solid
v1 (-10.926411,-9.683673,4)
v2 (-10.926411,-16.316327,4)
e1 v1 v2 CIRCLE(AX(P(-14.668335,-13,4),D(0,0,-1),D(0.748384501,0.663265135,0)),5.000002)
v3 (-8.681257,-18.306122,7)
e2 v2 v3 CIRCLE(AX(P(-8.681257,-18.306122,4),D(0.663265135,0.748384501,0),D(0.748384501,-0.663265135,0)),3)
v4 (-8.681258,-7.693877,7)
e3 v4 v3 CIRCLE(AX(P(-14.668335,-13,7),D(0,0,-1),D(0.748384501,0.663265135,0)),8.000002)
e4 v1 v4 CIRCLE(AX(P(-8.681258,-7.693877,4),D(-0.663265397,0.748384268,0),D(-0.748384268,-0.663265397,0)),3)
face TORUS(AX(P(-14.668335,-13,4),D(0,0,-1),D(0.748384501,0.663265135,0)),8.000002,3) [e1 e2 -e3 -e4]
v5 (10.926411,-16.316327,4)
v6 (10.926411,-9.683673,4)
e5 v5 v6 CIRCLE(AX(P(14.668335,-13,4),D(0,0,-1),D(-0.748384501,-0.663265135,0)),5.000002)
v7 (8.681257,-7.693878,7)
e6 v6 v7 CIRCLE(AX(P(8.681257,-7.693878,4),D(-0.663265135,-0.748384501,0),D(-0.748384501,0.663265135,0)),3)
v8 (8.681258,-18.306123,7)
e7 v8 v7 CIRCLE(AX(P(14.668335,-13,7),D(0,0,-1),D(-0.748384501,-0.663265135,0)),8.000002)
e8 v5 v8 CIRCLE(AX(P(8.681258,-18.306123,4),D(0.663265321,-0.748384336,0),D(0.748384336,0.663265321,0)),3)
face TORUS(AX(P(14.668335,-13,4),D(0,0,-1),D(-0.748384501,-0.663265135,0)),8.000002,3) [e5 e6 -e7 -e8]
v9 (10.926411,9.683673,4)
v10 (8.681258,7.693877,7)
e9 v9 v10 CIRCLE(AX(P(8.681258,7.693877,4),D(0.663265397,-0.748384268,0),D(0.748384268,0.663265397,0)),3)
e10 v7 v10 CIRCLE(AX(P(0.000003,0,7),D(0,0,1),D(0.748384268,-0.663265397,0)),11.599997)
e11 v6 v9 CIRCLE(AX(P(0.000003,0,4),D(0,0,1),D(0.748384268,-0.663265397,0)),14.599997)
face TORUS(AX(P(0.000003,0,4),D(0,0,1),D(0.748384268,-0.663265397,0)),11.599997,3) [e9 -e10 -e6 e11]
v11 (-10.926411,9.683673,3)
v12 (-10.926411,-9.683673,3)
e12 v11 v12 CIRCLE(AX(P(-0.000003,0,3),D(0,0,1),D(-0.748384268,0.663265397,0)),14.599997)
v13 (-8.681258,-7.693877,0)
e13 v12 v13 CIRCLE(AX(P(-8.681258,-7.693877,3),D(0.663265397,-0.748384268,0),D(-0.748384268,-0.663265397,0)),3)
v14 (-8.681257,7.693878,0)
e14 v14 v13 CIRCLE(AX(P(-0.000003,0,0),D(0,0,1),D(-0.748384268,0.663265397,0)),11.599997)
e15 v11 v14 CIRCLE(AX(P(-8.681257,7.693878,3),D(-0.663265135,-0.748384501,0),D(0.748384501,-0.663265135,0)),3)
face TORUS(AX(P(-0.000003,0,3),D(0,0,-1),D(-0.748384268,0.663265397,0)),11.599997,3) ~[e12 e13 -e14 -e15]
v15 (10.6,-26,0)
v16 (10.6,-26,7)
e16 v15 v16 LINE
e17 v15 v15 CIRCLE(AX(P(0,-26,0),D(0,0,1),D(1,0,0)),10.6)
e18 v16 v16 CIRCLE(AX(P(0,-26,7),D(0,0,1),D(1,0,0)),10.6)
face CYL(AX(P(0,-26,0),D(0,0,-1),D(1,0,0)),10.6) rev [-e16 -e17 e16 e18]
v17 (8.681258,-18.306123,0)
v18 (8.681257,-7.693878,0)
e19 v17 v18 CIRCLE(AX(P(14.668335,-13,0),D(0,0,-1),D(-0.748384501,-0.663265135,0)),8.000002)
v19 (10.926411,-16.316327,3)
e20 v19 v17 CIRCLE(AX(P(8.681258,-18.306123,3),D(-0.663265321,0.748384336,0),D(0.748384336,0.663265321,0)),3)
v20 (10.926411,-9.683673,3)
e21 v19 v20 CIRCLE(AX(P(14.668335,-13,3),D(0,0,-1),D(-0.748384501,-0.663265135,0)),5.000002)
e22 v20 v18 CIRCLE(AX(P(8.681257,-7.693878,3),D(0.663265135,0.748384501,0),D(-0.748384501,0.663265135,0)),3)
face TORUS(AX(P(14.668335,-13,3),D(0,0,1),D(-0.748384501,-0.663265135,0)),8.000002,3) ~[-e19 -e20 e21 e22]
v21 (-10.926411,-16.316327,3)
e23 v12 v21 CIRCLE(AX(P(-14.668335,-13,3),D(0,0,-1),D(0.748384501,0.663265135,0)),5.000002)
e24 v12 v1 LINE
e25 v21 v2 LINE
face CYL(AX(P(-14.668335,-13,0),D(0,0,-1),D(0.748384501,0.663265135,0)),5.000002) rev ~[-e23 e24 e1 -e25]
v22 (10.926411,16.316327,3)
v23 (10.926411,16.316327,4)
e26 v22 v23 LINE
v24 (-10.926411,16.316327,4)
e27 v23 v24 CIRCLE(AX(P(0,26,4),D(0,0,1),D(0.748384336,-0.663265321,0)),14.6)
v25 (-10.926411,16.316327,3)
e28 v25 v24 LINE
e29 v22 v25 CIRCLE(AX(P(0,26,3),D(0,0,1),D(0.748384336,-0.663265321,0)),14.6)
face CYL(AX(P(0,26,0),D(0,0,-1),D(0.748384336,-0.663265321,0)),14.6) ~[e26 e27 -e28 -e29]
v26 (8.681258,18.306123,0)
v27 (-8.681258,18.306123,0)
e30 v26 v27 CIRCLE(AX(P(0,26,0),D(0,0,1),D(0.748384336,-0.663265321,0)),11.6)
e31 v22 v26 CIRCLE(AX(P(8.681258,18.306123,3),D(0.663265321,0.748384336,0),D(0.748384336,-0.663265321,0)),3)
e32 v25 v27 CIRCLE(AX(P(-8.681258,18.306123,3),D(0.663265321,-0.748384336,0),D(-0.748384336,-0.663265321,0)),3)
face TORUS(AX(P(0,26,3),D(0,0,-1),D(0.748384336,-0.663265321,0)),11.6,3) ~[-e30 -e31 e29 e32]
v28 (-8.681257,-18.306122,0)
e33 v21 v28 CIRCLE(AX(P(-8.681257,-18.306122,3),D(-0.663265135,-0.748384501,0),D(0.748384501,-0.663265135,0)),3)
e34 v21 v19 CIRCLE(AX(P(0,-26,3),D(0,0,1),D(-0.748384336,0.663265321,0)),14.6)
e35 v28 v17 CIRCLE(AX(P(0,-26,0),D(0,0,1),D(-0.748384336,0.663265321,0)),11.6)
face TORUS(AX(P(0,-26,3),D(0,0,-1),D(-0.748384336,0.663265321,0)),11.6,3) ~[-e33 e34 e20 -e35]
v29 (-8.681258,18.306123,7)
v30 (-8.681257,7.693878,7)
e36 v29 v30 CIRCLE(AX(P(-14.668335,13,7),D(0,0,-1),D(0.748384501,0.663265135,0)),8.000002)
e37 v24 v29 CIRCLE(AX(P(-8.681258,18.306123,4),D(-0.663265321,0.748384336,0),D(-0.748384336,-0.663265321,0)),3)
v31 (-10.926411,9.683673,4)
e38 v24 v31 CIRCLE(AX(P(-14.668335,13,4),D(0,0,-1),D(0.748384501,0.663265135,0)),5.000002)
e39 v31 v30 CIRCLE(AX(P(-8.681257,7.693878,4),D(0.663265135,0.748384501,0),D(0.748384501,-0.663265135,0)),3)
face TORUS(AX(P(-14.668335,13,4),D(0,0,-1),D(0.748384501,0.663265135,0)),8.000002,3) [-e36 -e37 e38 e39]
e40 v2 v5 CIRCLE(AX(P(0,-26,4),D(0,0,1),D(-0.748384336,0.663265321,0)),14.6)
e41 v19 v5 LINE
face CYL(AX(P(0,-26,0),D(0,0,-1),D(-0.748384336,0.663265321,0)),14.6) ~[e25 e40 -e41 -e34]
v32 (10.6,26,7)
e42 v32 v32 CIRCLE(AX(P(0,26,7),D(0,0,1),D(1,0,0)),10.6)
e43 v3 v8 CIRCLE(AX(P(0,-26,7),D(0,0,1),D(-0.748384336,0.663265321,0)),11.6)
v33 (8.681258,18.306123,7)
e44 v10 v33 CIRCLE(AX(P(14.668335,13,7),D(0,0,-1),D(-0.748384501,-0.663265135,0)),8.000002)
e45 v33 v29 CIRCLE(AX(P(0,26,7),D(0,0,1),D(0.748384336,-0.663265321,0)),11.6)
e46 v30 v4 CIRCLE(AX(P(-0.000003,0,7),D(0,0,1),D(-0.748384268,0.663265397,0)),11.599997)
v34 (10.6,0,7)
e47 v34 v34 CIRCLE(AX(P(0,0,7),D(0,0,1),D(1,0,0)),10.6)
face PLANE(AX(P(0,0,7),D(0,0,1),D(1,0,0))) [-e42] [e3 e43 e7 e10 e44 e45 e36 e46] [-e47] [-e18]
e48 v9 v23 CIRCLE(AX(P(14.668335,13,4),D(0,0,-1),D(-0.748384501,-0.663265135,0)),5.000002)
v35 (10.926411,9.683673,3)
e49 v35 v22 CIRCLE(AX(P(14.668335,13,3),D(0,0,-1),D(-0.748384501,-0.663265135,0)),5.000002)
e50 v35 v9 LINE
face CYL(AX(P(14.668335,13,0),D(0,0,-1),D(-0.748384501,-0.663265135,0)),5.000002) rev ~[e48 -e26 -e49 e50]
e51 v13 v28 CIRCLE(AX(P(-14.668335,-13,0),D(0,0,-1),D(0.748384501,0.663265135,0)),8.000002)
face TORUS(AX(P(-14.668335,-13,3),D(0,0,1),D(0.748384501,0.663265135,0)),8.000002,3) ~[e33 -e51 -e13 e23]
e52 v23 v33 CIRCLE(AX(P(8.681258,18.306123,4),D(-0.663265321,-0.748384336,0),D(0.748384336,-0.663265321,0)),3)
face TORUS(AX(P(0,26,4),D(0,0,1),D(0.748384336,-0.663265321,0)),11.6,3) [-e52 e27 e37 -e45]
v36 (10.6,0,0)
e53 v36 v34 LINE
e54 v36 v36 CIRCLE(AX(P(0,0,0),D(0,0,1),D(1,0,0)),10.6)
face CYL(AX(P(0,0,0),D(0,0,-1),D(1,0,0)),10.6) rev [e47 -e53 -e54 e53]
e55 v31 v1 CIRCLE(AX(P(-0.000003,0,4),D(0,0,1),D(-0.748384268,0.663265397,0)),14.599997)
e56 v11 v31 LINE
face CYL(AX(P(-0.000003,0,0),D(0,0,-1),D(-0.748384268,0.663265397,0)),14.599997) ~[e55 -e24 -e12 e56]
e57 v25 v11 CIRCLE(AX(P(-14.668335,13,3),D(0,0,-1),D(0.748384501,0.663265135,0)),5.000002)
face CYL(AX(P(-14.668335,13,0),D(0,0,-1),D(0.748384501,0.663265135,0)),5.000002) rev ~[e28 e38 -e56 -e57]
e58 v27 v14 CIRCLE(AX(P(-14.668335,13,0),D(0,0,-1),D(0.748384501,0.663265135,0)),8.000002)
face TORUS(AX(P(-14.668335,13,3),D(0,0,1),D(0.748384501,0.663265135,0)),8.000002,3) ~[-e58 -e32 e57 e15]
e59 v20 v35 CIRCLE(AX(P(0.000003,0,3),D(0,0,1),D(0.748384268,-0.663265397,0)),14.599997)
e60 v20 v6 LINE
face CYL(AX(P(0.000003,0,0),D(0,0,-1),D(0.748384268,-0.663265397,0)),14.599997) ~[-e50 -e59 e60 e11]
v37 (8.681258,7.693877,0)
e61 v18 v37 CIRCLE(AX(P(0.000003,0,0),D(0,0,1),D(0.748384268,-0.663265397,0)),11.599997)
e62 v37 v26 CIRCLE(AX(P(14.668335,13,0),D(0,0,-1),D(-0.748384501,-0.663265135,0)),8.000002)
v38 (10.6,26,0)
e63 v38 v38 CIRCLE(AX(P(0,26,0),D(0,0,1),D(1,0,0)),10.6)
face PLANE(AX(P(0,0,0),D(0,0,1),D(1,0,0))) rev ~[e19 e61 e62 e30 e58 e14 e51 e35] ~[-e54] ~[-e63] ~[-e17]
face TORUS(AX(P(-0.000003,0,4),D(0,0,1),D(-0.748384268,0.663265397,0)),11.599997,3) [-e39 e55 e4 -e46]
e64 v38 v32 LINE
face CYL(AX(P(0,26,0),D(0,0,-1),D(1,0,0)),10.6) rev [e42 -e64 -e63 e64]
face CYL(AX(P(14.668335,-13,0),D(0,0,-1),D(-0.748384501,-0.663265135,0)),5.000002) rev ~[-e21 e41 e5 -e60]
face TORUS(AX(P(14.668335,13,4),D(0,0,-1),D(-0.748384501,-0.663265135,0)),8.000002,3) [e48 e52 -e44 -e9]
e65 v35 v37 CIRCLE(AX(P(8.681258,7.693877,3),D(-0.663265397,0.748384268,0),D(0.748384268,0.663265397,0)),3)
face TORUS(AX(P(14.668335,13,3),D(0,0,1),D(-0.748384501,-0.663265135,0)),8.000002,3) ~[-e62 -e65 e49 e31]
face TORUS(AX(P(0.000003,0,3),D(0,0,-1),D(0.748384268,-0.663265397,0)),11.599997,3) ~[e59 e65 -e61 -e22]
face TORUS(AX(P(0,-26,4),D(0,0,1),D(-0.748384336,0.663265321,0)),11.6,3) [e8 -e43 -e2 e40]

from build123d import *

# Parameters (mm, degrees)
F0_R     = 10.6
F1_DEPTH = 7
F2_R     = 3


with BuildPart() as f1:
    # F0 (on Top) → F1 (new body)
    with BuildSketch(Plane.XY):
        with BuildLine():
            ThreePointArc((10.926411, 16.316327), (0, 40.6), (-10.926411, 16.316327))
            ThreePointArc((-10.926411, 16.316327), (-9.668333, 13), (-10.926411, 9.683673))
            ThreePointArc((-10.926411, 9.683673), (-14.6, 0), (-10.926411, -9.683673))
            ThreePointArc((-10.926411, -9.683673), (-9.668333, -13), (-10.926411, -16.316327))
            ThreePointArc((-10.926411, -16.316327), (0, -40.6), (10.926411, -16.316327))
            ThreePointArc((10.926411, -16.316327), (9.668333, -13), (10.926411, -9.683673))
            ThreePointArc((10.926411, -9.683673), (14.6, 0), (10.926411, 9.683673))
            ThreePointArc((10.926411, 9.683673), (9.668333, 13), (10.926411, 16.316327))
        make_face()
        with Locations((0, -26)):
            Circle(F0_R, mode=Mode.SUBTRACT)
        Circle(F0_R, mode=Mode.SUBTRACT)
        with Locations((0, 26)):
            Circle(F0_R, mode=Mode.SUBTRACT)
    extrude(amount=F1_DEPTH)

    # F2
    f2_edges = [f1.edges().sort_by_distance(p)[0] for p in [
        (0, 40.6, 7),
        (0, 40.6, 0),
    ]]
    fillet(f2_edges, radius=F2_R)


solid = f1.part
